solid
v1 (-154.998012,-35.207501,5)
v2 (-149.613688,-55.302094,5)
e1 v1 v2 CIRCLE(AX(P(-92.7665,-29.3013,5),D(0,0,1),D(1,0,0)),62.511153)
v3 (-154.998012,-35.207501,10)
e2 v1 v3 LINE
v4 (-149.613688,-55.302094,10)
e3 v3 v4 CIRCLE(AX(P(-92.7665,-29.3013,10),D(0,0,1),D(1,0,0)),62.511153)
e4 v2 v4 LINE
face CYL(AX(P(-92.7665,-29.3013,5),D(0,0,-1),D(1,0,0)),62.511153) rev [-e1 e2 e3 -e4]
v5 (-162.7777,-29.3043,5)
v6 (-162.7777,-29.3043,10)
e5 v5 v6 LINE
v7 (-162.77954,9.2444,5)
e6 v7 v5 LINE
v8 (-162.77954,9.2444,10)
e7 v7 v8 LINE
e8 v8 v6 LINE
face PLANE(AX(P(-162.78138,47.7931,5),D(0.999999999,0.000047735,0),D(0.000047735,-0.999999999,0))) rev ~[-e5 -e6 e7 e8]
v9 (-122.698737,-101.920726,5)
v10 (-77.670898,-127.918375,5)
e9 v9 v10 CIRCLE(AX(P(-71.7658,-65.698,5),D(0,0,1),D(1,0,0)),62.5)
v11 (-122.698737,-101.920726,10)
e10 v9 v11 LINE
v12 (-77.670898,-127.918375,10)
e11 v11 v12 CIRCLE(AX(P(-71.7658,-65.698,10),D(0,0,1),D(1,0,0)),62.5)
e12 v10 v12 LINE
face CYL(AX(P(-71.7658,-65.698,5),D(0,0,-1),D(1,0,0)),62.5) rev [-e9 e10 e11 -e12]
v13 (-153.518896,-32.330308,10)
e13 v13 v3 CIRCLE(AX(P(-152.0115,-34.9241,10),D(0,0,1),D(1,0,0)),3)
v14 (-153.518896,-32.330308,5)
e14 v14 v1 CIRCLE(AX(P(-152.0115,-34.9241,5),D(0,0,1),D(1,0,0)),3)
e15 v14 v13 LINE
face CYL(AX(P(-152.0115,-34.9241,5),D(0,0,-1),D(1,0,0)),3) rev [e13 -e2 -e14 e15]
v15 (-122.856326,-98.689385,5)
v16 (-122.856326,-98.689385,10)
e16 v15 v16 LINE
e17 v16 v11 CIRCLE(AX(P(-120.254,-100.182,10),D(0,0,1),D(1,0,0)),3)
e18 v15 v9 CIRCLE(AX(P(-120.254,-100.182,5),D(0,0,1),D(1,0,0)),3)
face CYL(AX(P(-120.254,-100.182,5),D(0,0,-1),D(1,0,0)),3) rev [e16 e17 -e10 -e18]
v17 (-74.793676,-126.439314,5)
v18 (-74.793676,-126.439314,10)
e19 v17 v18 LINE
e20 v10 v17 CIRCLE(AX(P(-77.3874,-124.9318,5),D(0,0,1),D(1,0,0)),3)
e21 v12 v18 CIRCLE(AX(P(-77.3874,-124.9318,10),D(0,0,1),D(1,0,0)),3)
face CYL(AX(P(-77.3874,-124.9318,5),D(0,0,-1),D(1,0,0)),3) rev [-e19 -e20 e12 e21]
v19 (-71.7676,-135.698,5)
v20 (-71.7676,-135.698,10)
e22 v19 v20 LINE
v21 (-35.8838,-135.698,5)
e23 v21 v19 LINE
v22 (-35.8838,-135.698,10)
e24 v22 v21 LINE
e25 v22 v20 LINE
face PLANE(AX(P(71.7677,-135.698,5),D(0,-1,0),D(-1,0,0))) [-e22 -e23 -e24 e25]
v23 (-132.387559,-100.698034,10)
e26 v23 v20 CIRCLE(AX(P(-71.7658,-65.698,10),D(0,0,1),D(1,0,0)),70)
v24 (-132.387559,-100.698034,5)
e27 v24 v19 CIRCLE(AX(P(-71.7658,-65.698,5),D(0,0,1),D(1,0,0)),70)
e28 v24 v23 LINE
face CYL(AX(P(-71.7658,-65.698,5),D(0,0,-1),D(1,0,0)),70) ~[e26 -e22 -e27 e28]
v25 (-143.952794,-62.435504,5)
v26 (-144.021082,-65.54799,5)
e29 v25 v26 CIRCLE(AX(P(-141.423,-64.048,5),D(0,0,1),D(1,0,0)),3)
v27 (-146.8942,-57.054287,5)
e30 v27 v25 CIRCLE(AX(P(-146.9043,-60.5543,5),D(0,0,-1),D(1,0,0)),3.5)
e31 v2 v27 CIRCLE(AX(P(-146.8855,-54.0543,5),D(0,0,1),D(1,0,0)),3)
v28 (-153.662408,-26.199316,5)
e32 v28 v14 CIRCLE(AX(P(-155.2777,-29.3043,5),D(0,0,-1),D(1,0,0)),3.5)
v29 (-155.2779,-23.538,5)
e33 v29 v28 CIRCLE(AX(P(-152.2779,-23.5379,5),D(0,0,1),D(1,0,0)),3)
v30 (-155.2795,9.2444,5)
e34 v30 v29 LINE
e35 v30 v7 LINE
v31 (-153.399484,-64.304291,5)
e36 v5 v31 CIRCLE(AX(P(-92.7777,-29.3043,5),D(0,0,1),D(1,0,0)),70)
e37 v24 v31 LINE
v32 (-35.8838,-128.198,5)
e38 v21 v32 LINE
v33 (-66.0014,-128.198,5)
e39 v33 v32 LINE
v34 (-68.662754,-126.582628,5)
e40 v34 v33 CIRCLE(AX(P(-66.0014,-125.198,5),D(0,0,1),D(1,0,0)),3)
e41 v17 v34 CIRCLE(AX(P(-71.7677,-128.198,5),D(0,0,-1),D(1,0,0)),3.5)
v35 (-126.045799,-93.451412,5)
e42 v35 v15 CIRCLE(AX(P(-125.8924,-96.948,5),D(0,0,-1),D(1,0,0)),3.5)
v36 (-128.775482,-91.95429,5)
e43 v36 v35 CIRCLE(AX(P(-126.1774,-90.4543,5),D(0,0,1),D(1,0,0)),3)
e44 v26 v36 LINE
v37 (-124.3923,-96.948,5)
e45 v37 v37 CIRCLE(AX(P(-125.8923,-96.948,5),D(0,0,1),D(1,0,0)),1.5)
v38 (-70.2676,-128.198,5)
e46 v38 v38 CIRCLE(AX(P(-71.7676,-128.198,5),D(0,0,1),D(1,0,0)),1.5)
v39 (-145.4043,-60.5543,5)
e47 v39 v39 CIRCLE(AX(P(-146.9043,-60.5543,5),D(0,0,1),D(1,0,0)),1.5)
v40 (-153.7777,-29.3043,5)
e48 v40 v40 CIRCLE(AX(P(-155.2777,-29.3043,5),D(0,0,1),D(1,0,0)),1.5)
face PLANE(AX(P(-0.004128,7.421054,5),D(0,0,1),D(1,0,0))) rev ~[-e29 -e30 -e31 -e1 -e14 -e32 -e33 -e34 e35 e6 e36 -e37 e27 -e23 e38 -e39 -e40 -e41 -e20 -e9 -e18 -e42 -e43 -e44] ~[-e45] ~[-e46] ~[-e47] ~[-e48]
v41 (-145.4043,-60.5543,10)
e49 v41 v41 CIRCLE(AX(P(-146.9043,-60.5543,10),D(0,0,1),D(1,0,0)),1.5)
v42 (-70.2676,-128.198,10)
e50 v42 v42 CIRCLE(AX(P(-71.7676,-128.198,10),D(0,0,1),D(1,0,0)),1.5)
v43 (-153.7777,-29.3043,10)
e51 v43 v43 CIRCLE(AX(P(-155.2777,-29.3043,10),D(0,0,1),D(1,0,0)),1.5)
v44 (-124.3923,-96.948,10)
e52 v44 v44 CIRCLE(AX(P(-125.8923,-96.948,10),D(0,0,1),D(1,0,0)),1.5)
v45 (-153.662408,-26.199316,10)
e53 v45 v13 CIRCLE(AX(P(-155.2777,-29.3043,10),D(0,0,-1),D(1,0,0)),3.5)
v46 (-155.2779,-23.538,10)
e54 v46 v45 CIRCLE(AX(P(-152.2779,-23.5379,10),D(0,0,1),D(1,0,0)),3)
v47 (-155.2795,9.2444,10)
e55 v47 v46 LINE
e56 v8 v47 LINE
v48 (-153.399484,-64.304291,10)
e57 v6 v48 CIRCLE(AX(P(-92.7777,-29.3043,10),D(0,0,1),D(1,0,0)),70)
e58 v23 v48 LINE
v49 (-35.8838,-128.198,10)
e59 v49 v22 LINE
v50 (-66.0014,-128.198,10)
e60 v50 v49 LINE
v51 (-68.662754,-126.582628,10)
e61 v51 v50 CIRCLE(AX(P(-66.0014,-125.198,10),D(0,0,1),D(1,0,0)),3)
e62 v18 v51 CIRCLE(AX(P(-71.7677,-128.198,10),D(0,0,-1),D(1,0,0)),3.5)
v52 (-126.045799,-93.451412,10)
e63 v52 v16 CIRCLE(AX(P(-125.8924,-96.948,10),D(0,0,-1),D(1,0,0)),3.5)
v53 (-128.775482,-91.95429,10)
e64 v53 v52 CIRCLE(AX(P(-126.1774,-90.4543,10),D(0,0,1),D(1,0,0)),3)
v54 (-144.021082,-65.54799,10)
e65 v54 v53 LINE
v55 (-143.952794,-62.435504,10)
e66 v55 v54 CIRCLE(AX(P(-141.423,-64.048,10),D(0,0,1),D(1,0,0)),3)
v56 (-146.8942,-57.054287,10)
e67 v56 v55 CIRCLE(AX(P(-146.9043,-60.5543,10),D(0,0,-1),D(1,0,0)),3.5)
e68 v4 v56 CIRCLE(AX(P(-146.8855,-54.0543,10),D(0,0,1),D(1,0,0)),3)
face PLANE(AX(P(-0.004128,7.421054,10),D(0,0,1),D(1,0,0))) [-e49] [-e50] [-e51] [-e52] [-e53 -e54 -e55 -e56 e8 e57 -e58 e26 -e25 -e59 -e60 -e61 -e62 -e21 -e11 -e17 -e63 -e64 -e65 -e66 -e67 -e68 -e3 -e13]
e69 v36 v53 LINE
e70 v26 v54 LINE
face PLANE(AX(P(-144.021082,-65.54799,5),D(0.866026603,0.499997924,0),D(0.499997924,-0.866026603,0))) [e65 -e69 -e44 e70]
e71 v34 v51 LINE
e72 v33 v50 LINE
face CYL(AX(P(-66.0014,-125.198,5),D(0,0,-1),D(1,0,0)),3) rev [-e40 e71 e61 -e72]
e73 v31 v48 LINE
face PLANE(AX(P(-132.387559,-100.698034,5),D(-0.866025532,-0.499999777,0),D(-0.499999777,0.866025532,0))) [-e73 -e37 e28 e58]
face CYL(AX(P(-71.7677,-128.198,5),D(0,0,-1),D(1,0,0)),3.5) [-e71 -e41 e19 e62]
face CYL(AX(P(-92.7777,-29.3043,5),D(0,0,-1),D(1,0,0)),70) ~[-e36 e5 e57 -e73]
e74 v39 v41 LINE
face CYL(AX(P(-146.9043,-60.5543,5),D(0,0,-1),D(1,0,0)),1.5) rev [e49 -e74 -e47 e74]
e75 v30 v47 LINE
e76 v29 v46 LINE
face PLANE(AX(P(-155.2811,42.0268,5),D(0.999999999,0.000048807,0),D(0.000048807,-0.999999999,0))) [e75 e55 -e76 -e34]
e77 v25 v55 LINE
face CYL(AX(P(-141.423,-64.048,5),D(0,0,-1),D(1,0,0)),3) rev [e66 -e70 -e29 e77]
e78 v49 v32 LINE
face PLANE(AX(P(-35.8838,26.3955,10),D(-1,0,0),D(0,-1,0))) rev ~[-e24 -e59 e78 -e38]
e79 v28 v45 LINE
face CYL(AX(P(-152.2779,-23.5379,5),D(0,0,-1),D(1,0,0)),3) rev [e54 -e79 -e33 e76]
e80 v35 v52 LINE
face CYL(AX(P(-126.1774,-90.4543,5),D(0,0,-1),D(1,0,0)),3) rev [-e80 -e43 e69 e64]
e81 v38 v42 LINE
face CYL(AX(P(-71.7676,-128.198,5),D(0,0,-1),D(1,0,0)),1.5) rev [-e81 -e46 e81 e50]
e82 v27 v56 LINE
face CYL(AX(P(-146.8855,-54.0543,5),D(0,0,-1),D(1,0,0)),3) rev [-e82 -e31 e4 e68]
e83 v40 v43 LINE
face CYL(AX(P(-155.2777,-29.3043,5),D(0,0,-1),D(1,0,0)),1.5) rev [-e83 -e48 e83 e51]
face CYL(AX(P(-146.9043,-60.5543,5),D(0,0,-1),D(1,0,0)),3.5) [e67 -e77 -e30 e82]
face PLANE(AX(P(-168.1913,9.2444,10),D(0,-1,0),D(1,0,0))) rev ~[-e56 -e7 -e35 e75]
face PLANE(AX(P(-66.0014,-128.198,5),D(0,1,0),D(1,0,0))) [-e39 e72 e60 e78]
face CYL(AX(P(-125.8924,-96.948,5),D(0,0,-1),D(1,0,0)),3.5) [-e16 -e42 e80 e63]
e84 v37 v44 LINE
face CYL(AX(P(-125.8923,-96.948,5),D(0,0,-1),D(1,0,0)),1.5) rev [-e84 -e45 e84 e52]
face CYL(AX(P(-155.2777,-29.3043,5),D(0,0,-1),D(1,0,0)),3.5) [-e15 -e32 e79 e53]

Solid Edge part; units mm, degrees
sketch "Sketch1" plane through (0.0007, 14.651, 5) normal (0, 0, 1) x (1, 0, 0)
  line L0 (-114.0407, 98.8093) -> (-57.2599, 131.5929)
  arc A0 (-54.1474, 131.5247) -> (-57.2599, 131.5929) centre (-55.7598, 128.9948) ccw
  arc A1 (-47.0142, 137.1861) -> (-48.7662, 134.4664) centre (-45.7662, 134.458) ccw
  arc A2 (-47.0142, 137.1861) -> (-26.9146, 142.5706) centre (-21.0226, 80.3698) cw
  arc A3 (-24.0376, 141.0909) -> (-26.9146, 142.5706) centre (-26.6317, 139.5839) ccw
  arc A4 (-15.245, 142.849) -> (-17.9063, 141.2336) centre (-15.245, 139.849) ccw
  line L1 (-15.245, 142.849) -> (15.2436, 142.849)
  arc A5 (17.905, 141.2336) -> (15.2436, 142.849) centre (15.2436, 139.849) ccw
  arc A6 (26.9132, 142.5696) -> (24.036, 141.0904) centre (26.6298, 139.583) ccw
  arc A7 (26.9132, 142.5696) -> (47.0027, 137.1869) centre (21.0099, 80.3561) cw
  arc A8 (48.7549, 134.4673) -> (47.0027, 137.1869) centre (45.7549, 134.4587) ccw
  arc A9 (57.2487, 131.5943) -> (54.1362, 131.526) centre (55.7487, 128.9962) ccw
  line L2 (57.2487, 131.5943) -> (114.0299, 98.8129)
  arc A10 (115.5271, 96.0833) -> (114.0299, 98.8129) centre (112.5299, 96.2148) ccw
  arc A11 (124.0003, 92.7805) -> (120.7849, 92.9052) centre (122.2944, 90.3127) ccw
  arc A12 (124.0003, 92.7805) -> (155.0355, 39.027) centre (82.7747, 33.1424) cw
  arc A13 (153.5358, 36.1799) -> (155.0355, 39.027) centre (152.0454, 38.7835) ccw
  arc A14 (155.2747, 27.3761) -> (153.6593, 30.0375) centre (152.2747, 27.3761) ccw
  line L3 (155.2747, 27.3761) -> (155.2747, -38.192)
  arc A15 (153.6593, -40.8534) -> (155.2747, -38.192) centre (152.2747, -38.192) ccw
  arc A16 (154.9954, -49.8615) -> (153.5161, -46.9844) centre (152.0088, -49.5782) ccw
  arc A17 (154.9954, -49.8615) -> (149.6134, -69.9554) centre (92.7533, -43.9583) cw
  arc A18 (146.8942, -71.7079) -> (149.6134, -69.9554) centre (146.8851, -68.7079) ccw
  arc A19 (144.0217, -80.2016) -> (143.9534, -77.0892) centre (141.4236, -78.7016) ccw
  line L4 (144.0217, -80.2016) -> (127.6444, -108.5679)
  arc A20 (122.7007, -116.5716) -> (122.8583, -113.3403) centre (120.256, -114.8329) ccw
  arc A21 (77.6703, -142.5696) -> (122.7007, -116.5716) centre (71.767, -80.3476) ccw
  arc A22 (74.7931, -141.0904) -> (77.6703, -142.5696) centre (77.3869, -139.583) ccw
  arc A23 (66.0007, -142.849) -> (68.6621, -141.2336) centre (66.0007, -139.849) ccw
  line L5 (5.7656, -142.849) -> (66.0007, -142.849)
  arc A24 (3.1042, -141.2336) -> (5.7656, -142.849) centre (5.7656, -139.849) ccw
  arc A25 (-5.767, -142.849) -> (-3.1056, -141.2336) centre (-5.767, -139.849) ccw
  line L6 (-66.0021, -142.849) -> (-5.767, -142.849)
  arc A26 (-68.6634, -141.2336) -> (-66.0021, -142.849) centre (-66.0021, -139.849) ccw
  arc A27 (-77.6716, -142.5694) -> (-74.7944, -141.0903) centre (-77.3881, -139.5828) ccw
  arc A28 (-122.6994, -116.5717) -> (-77.6716, -142.5694) centre (-71.7665, -80.349) ccw
  arc A29 (-122.857, -113.3404) -> (-122.6994, -116.5717) centre (-120.2547, -114.833) ccw
  arc A30 (-128.7762, -106.6053) -> (-126.0465, -108.1024) centre (-126.1781, -105.1053) ccw
  line L7 (-144.0218, -80.199) -> (-128.7762, -106.6053)
  arc A31 (-143.9535, -77.0865) -> (-144.0218, -80.199) centre (-141.4237, -78.699) ccw
  arc A32 (-149.6144, -69.9531) -> (-146.8949, -71.7053) centre (-146.8862, -68.7053) ccw
  arc A33 (-154.9987, -49.8585) -> (-149.6144, -69.9531) centre (-92.7672, -43.9523) ccw
  arc A34 (-153.5196, -46.9813) -> (-154.9987, -49.8585) centre (-152.0122, -49.5751) ccw
  arc A35 (-155.2786, -38.189) -> (-153.6631, -40.8503) centre (-152.2786, -38.1889) ccw
  line L8 (-155.2818, 27.3758) -> (-155.2786, -38.189)
  arc A36 (-153.6665, 30.0373) -> (-155.2818, 27.3758) centre (-152.2818, 27.376) ccw
  arc A37 (-155.0428, 39.0267) -> (-153.5432, 36.1796) centre (-152.0527, 38.7832) ccw
  arc A38 (-124.0109, 92.7765) -> (-155.0428, 39.0267) centre (-82.7847, 33.1421) ccw
  arc A39 (-120.7955, 92.9014) -> (-124.0109, 92.7765) centre (-122.3049, 90.3088) ccw
  arc A40 (-114.0407, 98.8093) -> (-115.5378, 96.0796) centre (-112.5406, 96.2112) ccw
  arc A41 (-48.7662, 134.4664) -> (-54.1474, 131.5247) centre (-52.2662, 134.4761) cw
  arc A42 (-17.9064, 141.2336) -> (-24.0377, 141.0909) centre (-21.0113, 142.849) cw
  arc A43 (24.036, 141.0904) -> (17.905, 141.2336) centre (21.0099, 142.849) cw
  arc A44 (54.1362, 131.526) -> (48.7549, 134.4673) centre (52.2549, 134.4774) cw
  arc A45 (120.7849, 92.9052) -> (115.5271, 96.0832) centre (119.0237, 95.9298) cw
  arc A46 (153.6593, 30.0375) -> (153.5358, 36.1799) centre (155.2747, 33.1424) cw
  arc A47 (153.5161, -46.9844) -> (153.6593, -40.8534) centre (155.2747, -43.9583) cw
  arc A48 (143.9534, -77.0891) -> (146.8942, -71.7079) centre (146.9048, -75.2079) cw
  arc A49 (122.8584, -113.3404) -> (127.6444, -108.5679) centre (125.8944, -111.599) cw
  arc A50 (68.6621, -141.2336) -> (74.7931, -141.0904) centre (71.767, -142.849) cw
  arc A51 (-3.1056, -141.2336) -> (3.1042, -141.2336) centre (-0.0007, -142.849) cw
  arc A52 (-74.7944, -141.0903) -> (-68.6635, -141.2336) centre (-71.7684, -142.849) cw
  arc A53 (-126.0466, -108.1024) -> (-122.857, -113.3404) centre (-125.8931, -111.599) cw
  arc A54 (-146.8949, -71.7053) -> (-143.9536, -77.0866) centre (-146.905, -75.2053) cw
  arc A55 (-153.6632, -40.8503) -> (-153.5196, -46.9813) centre (-155.2784, -43.9553) cw
  arc A56 (-153.5432, 36.1796) -> (-153.6665, 30.0373) centre (-155.2821, 33.1421) cw
  arc A57 (-115.5377, 96.0796) -> (-120.7955, 92.9014) centre (-119.0344, 95.926) cw
  line L9 (-56.0166, 140.971) -> (-122.7845, 102.4212)
  arc A58 (-162.7821, 33.1421) -> (-122.7845, 102.4212) centre (-82.7847, 33.1421) cw
  line L10 (-162.7821, 33.1421) -> (-162.7784, -43.9553)
  arc A59 (-162.7784, -43.9553) -> (-153.4002, -78.9553) centre (-92.7784, -43.9553) ccw
  line L11 (-132.3882, -115.349) -> (-153.4002, -78.9553)
  arc A60 (-132.3882, -115.349) -> (-71.7683, -150.349) centre (-71.7665, -80.349) ccw
  line L12 (71.767, -150.349) -> (-71.7683, -150.349)
  arc A61 (71.767, -150.349) -> (132.3896, -115.349) centre (71.7678, -80.349) ccw
  line L13 (132.3896, -115.349) -> (153.4002, -78.9576)
  arc A62 (162.7747, -43.9583) -> (153.4002, -78.9576) centre (92.791, -43.9684) cw
  line L14 (162.7747, 33.1424) -> (162.7747, -43.9583)
  arc A63 (122.7736, 102.4251) -> (162.7747, 33.1424) centre (82.7747, 33.1424) cw
  line L15 (56.0045, 140.9728) -> (122.7736, 102.4251)
  arc A64 (21.0099, 150.349) -> (56.0045, 140.9728) centre (21.008, 80.349) cw
  line L16 (-21.0112, 150.349) -> (21.0099, 150.349)
  arc A65 (-32.5074, 149.4015) -> (-21.0112, 150.349) centre (-20.997, 79.961) cw
  arc A66 (-44.641, 146.2432) -> (-32.5074, 149.4015) centre (-21.0122, 80.3518) cw
  arc A67 (-56.0166, 140.971) -> (-44.641, 146.2432) centre (-21.0122, 80.3518) cw
  circle A68 centre (-71.7683, -142.849) radius 1.5
  circle A69 centre (-0.0007, -142.849) radius 1.5
  circle A70 centre (-125.893, -111.599) radius 1.5
  circle A71 centre (-146.905, -75.2053) radius 1.5
  circle A72 centre (-155.2784, -43.9553) radius 1.5
  circle A73 centre (-155.2821, 33.1421) radius 1.5
  circle A74 centre (-119.0344, 95.9261) radius 1.5
  circle A75 centre (-52.2662, 134.4761) radius 1.5
  circle A76 centre (-21.0112, 142.849) radius 1.5
  circle A77 centre (21.0099, 142.849) radius 1.5
  circle A78 centre (52.2549, 134.4774) radius 1.5
  circle A79 centre (119.0237, 95.9298) radius 1.5
  circle A80 centre (155.2747, 33.1424) radius 1.5
  circle A81 centre (155.2747, -43.9583) radius 1.5
  circle A82 centre (146.9048, -75.2079) radius 1.5
  circle A83 centre (125.8944, -111.599) radius 1.5
  circle A84 centre (71.767, -142.849) radius 1.5
extrude "ExtrudedProtrusion_7" add sketch "Sketch1" along normal blind 5
sketch "Sketch2" plane through (-0.003, 14.651, 10) normal (0, 0, 1) x (1, 0, 0)
  line L0 (-168.1883, -5.4066) -> (170.0115, -5.4066)
  line L1 (170.0115, -5.4066) -> (170.0115, 153.6029)
  line L2 (170.0115, 153.6029) -> (-168.1883, 153.6029)
  line L3 (-168.1883, 153.6029) -> (-168.1883, -5.4066)
extrude "Cutout1" cut sketch "Sketch2" against normal up to next
sketch "Sketch3" plane through (-0.0021, -63.2268, 10) normal (0, 0, 1) x (1, 0, 0)
  line L0 (-35.8817, -72.4712) -> (180.5414, -72.4712)
  line L1 (180.5414, -72.4712) -> (180.5414, 89.6223)
  line L2 (180.5414, 89.6223) -> (-35.8817, 89.6223)
  line L3 (-35.8817, 89.6223) -> (-35.8817, -72.4712)
extrude "Cutout2" cut sketch "Sketch3" against normal up to next
properties material "Polycarbonate"
